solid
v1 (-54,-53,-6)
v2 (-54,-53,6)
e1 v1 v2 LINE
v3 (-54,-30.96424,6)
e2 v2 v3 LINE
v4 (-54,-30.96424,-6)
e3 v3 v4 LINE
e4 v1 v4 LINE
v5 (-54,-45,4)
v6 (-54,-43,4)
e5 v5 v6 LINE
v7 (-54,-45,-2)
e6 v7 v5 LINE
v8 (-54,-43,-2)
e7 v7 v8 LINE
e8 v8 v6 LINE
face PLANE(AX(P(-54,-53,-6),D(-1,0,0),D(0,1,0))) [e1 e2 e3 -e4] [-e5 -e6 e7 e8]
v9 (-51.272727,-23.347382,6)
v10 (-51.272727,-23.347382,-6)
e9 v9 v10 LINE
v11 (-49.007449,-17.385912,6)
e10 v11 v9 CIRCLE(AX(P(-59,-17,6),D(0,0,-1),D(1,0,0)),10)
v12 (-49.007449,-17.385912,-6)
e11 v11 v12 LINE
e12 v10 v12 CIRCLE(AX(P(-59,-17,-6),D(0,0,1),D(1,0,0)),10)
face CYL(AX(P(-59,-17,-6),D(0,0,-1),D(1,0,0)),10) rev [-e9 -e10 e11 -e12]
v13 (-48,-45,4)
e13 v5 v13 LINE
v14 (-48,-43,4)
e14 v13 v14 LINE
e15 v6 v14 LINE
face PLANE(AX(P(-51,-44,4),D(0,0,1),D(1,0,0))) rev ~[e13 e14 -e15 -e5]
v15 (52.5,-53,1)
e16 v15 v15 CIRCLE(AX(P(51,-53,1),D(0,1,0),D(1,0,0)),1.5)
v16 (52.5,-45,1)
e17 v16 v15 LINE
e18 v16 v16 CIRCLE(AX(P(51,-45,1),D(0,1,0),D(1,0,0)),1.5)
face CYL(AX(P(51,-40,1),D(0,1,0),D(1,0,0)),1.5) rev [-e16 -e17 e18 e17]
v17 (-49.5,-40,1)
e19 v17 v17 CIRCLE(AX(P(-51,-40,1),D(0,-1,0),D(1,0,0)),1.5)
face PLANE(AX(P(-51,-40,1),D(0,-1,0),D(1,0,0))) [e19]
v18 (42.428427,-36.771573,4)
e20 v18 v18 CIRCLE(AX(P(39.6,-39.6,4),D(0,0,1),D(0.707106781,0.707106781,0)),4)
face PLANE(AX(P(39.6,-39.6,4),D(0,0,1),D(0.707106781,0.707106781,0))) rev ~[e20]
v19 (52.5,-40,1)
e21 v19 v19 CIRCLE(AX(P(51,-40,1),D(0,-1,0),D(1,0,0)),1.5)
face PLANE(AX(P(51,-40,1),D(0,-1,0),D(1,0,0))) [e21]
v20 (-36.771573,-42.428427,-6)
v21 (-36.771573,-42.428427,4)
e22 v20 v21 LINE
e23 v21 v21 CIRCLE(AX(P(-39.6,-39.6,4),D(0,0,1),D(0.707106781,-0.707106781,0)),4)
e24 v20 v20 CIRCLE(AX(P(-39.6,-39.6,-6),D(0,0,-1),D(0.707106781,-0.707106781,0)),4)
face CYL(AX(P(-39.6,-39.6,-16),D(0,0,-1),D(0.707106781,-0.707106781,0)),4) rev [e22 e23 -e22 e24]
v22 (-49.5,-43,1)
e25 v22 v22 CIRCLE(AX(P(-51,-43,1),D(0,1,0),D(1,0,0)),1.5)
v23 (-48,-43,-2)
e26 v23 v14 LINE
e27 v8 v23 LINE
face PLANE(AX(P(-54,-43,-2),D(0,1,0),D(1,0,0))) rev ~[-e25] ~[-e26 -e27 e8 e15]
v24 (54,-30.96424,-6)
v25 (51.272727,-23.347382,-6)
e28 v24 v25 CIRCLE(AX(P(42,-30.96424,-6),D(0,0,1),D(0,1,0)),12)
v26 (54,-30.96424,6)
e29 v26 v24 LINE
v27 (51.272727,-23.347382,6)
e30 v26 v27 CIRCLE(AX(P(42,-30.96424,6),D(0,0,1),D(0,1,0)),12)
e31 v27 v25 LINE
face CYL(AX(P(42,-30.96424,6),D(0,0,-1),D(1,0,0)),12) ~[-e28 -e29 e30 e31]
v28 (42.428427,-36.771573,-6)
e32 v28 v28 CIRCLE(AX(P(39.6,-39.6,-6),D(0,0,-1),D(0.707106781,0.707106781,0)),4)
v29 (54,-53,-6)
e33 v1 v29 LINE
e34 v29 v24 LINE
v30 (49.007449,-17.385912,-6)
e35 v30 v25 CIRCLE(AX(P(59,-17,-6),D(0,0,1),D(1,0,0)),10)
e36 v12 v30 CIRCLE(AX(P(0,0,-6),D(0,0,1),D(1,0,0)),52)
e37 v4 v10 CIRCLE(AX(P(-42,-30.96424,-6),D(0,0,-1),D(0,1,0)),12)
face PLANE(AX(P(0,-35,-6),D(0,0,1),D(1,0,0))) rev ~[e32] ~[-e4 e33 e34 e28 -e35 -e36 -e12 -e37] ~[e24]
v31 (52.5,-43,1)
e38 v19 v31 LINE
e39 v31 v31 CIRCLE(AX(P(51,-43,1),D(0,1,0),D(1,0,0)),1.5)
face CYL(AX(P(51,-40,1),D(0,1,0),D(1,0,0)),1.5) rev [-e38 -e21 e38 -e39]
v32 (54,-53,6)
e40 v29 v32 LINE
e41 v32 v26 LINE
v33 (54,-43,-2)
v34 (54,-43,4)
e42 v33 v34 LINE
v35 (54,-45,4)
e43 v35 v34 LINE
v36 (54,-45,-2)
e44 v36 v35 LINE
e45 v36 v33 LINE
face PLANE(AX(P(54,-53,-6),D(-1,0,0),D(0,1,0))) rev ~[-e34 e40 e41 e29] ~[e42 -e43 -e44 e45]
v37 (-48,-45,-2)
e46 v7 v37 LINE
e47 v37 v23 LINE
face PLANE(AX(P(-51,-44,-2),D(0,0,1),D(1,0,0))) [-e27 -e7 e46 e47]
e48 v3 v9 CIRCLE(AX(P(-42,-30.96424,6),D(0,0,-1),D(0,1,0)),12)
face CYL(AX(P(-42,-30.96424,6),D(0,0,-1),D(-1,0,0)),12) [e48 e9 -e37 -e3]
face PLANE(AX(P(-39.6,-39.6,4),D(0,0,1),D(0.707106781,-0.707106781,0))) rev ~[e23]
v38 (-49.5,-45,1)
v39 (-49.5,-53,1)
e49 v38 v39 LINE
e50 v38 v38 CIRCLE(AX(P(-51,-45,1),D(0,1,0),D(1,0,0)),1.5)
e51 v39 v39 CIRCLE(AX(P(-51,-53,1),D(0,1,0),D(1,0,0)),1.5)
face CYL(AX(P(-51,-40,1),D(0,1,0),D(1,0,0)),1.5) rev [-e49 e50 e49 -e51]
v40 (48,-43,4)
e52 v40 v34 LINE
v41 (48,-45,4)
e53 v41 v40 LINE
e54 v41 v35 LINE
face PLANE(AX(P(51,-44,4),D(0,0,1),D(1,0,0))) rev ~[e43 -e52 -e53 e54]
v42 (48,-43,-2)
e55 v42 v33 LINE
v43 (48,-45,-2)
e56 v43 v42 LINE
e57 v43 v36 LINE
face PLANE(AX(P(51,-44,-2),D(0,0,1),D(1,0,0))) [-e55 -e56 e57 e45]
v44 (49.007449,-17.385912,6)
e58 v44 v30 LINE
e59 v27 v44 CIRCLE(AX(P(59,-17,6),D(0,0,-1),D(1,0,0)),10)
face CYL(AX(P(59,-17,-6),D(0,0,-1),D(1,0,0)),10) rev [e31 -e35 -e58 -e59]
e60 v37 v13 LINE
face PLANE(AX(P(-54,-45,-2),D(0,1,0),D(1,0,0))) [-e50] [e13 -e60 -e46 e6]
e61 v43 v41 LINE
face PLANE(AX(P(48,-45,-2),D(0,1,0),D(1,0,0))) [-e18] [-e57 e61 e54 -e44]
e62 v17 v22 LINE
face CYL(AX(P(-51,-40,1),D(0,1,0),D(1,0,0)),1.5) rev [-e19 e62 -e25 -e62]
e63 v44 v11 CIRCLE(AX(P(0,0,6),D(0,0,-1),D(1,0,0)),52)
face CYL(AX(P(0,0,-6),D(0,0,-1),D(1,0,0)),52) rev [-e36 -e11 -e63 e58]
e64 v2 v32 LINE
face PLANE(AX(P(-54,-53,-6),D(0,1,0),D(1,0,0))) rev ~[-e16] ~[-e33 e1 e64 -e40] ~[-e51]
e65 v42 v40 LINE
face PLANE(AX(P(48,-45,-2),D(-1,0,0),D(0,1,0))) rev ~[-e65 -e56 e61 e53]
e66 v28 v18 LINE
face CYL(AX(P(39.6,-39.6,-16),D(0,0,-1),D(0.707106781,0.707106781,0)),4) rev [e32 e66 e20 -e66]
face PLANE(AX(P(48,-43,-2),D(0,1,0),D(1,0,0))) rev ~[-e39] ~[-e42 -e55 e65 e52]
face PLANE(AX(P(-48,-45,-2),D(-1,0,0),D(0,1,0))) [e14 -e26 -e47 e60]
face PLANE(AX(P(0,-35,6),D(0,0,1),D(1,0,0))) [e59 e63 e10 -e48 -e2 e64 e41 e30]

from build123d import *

# Parameters (mm, degrees)
CYLINDER1391_R               = 1.5
CYLINDER1391_DEPTH           = 20
CYLINDER1390_R               = 1.5
CYLINDER1390_DEPTH           = 20
CYLINDER1385_R               = 1.5
CYLINDER1385_DEPTH           = 20
CYLINDER1389_R               = 1.5
CYLINDER1389_DEPTH           = 20
BOX514_W                     = 6
BOX514_H                     = 2
BOX514_DEPTH                 = 6
BOX511_W                     = 6
BOX511_H                     = 2
BOX511_DEPTH                 = 6
BOX513_W                     = 6
BOX513_H                     = 2
BOX513_DEPTH                 = 6
BOX512_W                     = 6
BOX512_H                     = 2
BOX512_DEPTH                 = 6
CYLINDER1392_R               = 4
CYLINDER1392_DEPTH           = 20
CYLINDER1392_PLACEMENT_ANGLE = 45
CYLINDER1387_R               = 4
CYLINDER1387_DEPTH           = 20
CYLINDER1387_PLACEMENT_ANGLE = 45
CYLINDER1384_R               = 10
CYLINDER1384_DEPTH           = 40
CYLINDER1388_R               = 10
CYLINDER1388_DEPTH           = 40
CYLINDER1386_R               = 52
CYLINDER1386_DEPTH           = 20
BOX510_W                     = 108
BOX510_H                     = 36
BOX510_DEPTH                 = 12
FILLET022_R                  = 12


with BuildPart() as v_lec1391:
    # Cylinder1391 → Cylinder1391 (new body)
    with BuildSketch(Plane(origin=(20, -40, -5), x_dir=(1, 0, 0), z_dir=(0, -1, 0))):
        Circle(CYLINDER1391_R)
    extrude(amount=CYLINDER1391_DEPTH)


with BuildPart() as v_lec1390:
    # Cylinder1390 → Cylinder1390 (new body)
    with BuildSketch(Plane(origin=(51, -40, 7), x_dir=(1, 0, 0), z_dir=(0, -1, 0))):
        Circle(CYLINDER1390_R)
    extrude(amount=CYLINDER1390_DEPTH)


with BuildPart() as v_lec1385:
    # Cylinder1385 → Cylinder1385 (new body)
    with BuildSketch(Plane(origin=(-51, -40, 7), x_dir=(1, 0, 0), z_dir=(0, -1, 0))):
        Circle(CYLINDER1385_R)
    extrude(amount=CYLINDER1385_DEPTH)


with BuildPart() as compound879:
    # Cylinder1389 → Cylinder1389 (new body)
    with BuildSketch(Plane(origin=(-20, -40, -5), x_dir=(1, 0, 0), z_dir=(0, -1, 0))):
        Circle(CYLINDER1389_R)
    extrude(amount=CYLINDER1389_DEPTH)

    # Compound879: union Válec1391, Válec1390, Válec1385
    add(v_lec1391.part)
    add(v_lec1390.part)
    add(v_lec1385.part)


with BuildPart() as krychle514:
    # Box514 → Box514 (new body)
    with BuildSketch(Plane(origin=(17, -47, -8), x_dir=(1, 0, 0), z_dir=(0, 0, 1))):
        with Locations((3, 1)):
            Rectangle(BOX514_W, BOX514_H)
    extrude(amount=BOX514_DEPTH)


with BuildPart() as krychle511:
    # Box511 → Box511 (new body)
    with BuildSketch(Plane(origin=(48, -45, 4), x_dir=(1, 0, 0), z_dir=(0, 0, 1))):
        with Locations((3, 1)):
            Rectangle(BOX511_W, BOX511_H)
    extrude(amount=BOX511_DEPTH)


with BuildPart() as krychle513:
    # Box513 → Box513 (new body)
    with BuildSketch(Plane(origin=(-54, -45, 4), x_dir=(1, 0, 0), z_dir=(0, 0, 1))):
        with Locations((3, 1)):
            Rectangle(BOX513_W, BOX513_H)
    extrude(amount=BOX513_DEPTH)


with BuildPart() as compound877:
    # Box512 → Box512 (new body)
    with BuildSketch(Plane(origin=(-23, -47, -8), x_dir=(1, 0, 0), z_dir=(0, 0, 1))):
        with Locations((3, 1)):
            Rectangle(BOX512_W, BOX512_H)
    extrude(amount=BOX512_DEPTH)

    # Compound877: union Krychle514, Krychle511, Krychle513
    add(krychle514.part)
    add(krychle511.part)
    add(krychle513.part)


with BuildPart() as v_lec1392:
    # Cylinder1392 → Cylinder1392 (new body)
    with BuildSketch(Plane.XY):
        Circle(CYLINDER1392_R)
    extrude(amount=CYLINDER1392_DEPTH)


with BuildPart() as v_lec1392_1:
    # Cylinder1392 placement: moved
    add(v_lec1392.part.moved(Location((39.6, -39.6, -10))).rotate(Axis((39.6, -39.6, -10), (0, 0, 1)), CYLINDER1392_PLACEMENT_ANGLE))


with BuildPart() as compound876:
    # Cylinder1387 → Cylinder1387 (new body)
    with BuildSketch(Plane.XY):
        Circle(CYLINDER1387_R)
    extrude(amount=CYLINDER1387_DEPTH)


with BuildPart() as compound876_1:
    # Cylinder1387 placement: moved
    add(compound876.part.moved(Location((-39.6, -39.6, -10))).rotate(Axis((-39.6, -39.6, -10), (0, 0, -1)), CYLINDER1387_PLACEMENT_ANGLE))

    # Compound876: union Válec1392
    add(v_lec1392_1.part)


with BuildPart() as v_lec1384:
    # Cylinder1384 → Cylinder1384 (new body)
    with BuildSketch(Plane(origin=(-59, -17, 0), x_dir=(1, 0, 0), z_dir=(0, 0, 1))):
        Circle(CYLINDER1384_R)
    extrude(amount=CYLINDER1384_DEPTH)


with BuildPart() as compound878:
    # Cylinder1388 → Cylinder1388 (new body)
    with BuildSketch(Plane(origin=(59, -17, 0), x_dir=(1, 0, 0), z_dir=(0, 0, 1))):
        Circle(CYLINDER1388_R)
    extrude(amount=CYLINDER1388_DEPTH)

    # Compound878: union Válec1384
    add(v_lec1384.part)


with BuildPart() as v_lec1386:
    # Cylinder1386 → Cylinder1386 (new body)
    with BuildSketch(Plane.XY.offset(20)):
        Circle(CYLINDER1386_R)
    extrude(amount=CYLINDER1386_DEPTH)


with BuildPart() as fillet022:
    # Box510 → Box510 (new body)
    with BuildSketch(Plane(origin=(-54, -53, 20), x_dir=(1, 0, 0), z_dir=(0, 0, 1))):
        with Locations((54, 18)):
            Rectangle(BOX510_W, BOX510_H)
    extrude(amount=BOX510_DEPTH)

    # Cut498: cut Válec1386
    add(v_lec1386.part, mode=Mode.SUBTRACT)


with BuildPart() as fillet022_1:
    # Cut498 placement: moved
    add(fillet022.part.moved(Location((0, 0, -20))))

    # Cut499: cut Compound878
    add(compound878.part, mode=Mode.SUBTRACT)

    # Cut496: cut Compound876
    add(compound876_1.part, mode=Mode.SUBTRACT)

    # Cut497: cut Compound877
    add(compound877.part, mode=Mode.SUBTRACT)

    # Cut495: cut Compound879
    add(compound879.part, mode=Mode.SUBTRACT)

    # Fillet022
    fillet022_edges = [fillet022_1.edges().sort_by_distance(p)[0] for p in [
        (-54, -25.660254, 6),
        (54, -25.660254, 6),
    ]]
    fillet(fillet022_edges, radius=FILLET022_R)


with BuildPart() as fillet022_2:
    # Fillet022 placement: moved
    add(fillet022_1.part.moved(Location((0, 0, -6))))


solid = fillet022_2.part
